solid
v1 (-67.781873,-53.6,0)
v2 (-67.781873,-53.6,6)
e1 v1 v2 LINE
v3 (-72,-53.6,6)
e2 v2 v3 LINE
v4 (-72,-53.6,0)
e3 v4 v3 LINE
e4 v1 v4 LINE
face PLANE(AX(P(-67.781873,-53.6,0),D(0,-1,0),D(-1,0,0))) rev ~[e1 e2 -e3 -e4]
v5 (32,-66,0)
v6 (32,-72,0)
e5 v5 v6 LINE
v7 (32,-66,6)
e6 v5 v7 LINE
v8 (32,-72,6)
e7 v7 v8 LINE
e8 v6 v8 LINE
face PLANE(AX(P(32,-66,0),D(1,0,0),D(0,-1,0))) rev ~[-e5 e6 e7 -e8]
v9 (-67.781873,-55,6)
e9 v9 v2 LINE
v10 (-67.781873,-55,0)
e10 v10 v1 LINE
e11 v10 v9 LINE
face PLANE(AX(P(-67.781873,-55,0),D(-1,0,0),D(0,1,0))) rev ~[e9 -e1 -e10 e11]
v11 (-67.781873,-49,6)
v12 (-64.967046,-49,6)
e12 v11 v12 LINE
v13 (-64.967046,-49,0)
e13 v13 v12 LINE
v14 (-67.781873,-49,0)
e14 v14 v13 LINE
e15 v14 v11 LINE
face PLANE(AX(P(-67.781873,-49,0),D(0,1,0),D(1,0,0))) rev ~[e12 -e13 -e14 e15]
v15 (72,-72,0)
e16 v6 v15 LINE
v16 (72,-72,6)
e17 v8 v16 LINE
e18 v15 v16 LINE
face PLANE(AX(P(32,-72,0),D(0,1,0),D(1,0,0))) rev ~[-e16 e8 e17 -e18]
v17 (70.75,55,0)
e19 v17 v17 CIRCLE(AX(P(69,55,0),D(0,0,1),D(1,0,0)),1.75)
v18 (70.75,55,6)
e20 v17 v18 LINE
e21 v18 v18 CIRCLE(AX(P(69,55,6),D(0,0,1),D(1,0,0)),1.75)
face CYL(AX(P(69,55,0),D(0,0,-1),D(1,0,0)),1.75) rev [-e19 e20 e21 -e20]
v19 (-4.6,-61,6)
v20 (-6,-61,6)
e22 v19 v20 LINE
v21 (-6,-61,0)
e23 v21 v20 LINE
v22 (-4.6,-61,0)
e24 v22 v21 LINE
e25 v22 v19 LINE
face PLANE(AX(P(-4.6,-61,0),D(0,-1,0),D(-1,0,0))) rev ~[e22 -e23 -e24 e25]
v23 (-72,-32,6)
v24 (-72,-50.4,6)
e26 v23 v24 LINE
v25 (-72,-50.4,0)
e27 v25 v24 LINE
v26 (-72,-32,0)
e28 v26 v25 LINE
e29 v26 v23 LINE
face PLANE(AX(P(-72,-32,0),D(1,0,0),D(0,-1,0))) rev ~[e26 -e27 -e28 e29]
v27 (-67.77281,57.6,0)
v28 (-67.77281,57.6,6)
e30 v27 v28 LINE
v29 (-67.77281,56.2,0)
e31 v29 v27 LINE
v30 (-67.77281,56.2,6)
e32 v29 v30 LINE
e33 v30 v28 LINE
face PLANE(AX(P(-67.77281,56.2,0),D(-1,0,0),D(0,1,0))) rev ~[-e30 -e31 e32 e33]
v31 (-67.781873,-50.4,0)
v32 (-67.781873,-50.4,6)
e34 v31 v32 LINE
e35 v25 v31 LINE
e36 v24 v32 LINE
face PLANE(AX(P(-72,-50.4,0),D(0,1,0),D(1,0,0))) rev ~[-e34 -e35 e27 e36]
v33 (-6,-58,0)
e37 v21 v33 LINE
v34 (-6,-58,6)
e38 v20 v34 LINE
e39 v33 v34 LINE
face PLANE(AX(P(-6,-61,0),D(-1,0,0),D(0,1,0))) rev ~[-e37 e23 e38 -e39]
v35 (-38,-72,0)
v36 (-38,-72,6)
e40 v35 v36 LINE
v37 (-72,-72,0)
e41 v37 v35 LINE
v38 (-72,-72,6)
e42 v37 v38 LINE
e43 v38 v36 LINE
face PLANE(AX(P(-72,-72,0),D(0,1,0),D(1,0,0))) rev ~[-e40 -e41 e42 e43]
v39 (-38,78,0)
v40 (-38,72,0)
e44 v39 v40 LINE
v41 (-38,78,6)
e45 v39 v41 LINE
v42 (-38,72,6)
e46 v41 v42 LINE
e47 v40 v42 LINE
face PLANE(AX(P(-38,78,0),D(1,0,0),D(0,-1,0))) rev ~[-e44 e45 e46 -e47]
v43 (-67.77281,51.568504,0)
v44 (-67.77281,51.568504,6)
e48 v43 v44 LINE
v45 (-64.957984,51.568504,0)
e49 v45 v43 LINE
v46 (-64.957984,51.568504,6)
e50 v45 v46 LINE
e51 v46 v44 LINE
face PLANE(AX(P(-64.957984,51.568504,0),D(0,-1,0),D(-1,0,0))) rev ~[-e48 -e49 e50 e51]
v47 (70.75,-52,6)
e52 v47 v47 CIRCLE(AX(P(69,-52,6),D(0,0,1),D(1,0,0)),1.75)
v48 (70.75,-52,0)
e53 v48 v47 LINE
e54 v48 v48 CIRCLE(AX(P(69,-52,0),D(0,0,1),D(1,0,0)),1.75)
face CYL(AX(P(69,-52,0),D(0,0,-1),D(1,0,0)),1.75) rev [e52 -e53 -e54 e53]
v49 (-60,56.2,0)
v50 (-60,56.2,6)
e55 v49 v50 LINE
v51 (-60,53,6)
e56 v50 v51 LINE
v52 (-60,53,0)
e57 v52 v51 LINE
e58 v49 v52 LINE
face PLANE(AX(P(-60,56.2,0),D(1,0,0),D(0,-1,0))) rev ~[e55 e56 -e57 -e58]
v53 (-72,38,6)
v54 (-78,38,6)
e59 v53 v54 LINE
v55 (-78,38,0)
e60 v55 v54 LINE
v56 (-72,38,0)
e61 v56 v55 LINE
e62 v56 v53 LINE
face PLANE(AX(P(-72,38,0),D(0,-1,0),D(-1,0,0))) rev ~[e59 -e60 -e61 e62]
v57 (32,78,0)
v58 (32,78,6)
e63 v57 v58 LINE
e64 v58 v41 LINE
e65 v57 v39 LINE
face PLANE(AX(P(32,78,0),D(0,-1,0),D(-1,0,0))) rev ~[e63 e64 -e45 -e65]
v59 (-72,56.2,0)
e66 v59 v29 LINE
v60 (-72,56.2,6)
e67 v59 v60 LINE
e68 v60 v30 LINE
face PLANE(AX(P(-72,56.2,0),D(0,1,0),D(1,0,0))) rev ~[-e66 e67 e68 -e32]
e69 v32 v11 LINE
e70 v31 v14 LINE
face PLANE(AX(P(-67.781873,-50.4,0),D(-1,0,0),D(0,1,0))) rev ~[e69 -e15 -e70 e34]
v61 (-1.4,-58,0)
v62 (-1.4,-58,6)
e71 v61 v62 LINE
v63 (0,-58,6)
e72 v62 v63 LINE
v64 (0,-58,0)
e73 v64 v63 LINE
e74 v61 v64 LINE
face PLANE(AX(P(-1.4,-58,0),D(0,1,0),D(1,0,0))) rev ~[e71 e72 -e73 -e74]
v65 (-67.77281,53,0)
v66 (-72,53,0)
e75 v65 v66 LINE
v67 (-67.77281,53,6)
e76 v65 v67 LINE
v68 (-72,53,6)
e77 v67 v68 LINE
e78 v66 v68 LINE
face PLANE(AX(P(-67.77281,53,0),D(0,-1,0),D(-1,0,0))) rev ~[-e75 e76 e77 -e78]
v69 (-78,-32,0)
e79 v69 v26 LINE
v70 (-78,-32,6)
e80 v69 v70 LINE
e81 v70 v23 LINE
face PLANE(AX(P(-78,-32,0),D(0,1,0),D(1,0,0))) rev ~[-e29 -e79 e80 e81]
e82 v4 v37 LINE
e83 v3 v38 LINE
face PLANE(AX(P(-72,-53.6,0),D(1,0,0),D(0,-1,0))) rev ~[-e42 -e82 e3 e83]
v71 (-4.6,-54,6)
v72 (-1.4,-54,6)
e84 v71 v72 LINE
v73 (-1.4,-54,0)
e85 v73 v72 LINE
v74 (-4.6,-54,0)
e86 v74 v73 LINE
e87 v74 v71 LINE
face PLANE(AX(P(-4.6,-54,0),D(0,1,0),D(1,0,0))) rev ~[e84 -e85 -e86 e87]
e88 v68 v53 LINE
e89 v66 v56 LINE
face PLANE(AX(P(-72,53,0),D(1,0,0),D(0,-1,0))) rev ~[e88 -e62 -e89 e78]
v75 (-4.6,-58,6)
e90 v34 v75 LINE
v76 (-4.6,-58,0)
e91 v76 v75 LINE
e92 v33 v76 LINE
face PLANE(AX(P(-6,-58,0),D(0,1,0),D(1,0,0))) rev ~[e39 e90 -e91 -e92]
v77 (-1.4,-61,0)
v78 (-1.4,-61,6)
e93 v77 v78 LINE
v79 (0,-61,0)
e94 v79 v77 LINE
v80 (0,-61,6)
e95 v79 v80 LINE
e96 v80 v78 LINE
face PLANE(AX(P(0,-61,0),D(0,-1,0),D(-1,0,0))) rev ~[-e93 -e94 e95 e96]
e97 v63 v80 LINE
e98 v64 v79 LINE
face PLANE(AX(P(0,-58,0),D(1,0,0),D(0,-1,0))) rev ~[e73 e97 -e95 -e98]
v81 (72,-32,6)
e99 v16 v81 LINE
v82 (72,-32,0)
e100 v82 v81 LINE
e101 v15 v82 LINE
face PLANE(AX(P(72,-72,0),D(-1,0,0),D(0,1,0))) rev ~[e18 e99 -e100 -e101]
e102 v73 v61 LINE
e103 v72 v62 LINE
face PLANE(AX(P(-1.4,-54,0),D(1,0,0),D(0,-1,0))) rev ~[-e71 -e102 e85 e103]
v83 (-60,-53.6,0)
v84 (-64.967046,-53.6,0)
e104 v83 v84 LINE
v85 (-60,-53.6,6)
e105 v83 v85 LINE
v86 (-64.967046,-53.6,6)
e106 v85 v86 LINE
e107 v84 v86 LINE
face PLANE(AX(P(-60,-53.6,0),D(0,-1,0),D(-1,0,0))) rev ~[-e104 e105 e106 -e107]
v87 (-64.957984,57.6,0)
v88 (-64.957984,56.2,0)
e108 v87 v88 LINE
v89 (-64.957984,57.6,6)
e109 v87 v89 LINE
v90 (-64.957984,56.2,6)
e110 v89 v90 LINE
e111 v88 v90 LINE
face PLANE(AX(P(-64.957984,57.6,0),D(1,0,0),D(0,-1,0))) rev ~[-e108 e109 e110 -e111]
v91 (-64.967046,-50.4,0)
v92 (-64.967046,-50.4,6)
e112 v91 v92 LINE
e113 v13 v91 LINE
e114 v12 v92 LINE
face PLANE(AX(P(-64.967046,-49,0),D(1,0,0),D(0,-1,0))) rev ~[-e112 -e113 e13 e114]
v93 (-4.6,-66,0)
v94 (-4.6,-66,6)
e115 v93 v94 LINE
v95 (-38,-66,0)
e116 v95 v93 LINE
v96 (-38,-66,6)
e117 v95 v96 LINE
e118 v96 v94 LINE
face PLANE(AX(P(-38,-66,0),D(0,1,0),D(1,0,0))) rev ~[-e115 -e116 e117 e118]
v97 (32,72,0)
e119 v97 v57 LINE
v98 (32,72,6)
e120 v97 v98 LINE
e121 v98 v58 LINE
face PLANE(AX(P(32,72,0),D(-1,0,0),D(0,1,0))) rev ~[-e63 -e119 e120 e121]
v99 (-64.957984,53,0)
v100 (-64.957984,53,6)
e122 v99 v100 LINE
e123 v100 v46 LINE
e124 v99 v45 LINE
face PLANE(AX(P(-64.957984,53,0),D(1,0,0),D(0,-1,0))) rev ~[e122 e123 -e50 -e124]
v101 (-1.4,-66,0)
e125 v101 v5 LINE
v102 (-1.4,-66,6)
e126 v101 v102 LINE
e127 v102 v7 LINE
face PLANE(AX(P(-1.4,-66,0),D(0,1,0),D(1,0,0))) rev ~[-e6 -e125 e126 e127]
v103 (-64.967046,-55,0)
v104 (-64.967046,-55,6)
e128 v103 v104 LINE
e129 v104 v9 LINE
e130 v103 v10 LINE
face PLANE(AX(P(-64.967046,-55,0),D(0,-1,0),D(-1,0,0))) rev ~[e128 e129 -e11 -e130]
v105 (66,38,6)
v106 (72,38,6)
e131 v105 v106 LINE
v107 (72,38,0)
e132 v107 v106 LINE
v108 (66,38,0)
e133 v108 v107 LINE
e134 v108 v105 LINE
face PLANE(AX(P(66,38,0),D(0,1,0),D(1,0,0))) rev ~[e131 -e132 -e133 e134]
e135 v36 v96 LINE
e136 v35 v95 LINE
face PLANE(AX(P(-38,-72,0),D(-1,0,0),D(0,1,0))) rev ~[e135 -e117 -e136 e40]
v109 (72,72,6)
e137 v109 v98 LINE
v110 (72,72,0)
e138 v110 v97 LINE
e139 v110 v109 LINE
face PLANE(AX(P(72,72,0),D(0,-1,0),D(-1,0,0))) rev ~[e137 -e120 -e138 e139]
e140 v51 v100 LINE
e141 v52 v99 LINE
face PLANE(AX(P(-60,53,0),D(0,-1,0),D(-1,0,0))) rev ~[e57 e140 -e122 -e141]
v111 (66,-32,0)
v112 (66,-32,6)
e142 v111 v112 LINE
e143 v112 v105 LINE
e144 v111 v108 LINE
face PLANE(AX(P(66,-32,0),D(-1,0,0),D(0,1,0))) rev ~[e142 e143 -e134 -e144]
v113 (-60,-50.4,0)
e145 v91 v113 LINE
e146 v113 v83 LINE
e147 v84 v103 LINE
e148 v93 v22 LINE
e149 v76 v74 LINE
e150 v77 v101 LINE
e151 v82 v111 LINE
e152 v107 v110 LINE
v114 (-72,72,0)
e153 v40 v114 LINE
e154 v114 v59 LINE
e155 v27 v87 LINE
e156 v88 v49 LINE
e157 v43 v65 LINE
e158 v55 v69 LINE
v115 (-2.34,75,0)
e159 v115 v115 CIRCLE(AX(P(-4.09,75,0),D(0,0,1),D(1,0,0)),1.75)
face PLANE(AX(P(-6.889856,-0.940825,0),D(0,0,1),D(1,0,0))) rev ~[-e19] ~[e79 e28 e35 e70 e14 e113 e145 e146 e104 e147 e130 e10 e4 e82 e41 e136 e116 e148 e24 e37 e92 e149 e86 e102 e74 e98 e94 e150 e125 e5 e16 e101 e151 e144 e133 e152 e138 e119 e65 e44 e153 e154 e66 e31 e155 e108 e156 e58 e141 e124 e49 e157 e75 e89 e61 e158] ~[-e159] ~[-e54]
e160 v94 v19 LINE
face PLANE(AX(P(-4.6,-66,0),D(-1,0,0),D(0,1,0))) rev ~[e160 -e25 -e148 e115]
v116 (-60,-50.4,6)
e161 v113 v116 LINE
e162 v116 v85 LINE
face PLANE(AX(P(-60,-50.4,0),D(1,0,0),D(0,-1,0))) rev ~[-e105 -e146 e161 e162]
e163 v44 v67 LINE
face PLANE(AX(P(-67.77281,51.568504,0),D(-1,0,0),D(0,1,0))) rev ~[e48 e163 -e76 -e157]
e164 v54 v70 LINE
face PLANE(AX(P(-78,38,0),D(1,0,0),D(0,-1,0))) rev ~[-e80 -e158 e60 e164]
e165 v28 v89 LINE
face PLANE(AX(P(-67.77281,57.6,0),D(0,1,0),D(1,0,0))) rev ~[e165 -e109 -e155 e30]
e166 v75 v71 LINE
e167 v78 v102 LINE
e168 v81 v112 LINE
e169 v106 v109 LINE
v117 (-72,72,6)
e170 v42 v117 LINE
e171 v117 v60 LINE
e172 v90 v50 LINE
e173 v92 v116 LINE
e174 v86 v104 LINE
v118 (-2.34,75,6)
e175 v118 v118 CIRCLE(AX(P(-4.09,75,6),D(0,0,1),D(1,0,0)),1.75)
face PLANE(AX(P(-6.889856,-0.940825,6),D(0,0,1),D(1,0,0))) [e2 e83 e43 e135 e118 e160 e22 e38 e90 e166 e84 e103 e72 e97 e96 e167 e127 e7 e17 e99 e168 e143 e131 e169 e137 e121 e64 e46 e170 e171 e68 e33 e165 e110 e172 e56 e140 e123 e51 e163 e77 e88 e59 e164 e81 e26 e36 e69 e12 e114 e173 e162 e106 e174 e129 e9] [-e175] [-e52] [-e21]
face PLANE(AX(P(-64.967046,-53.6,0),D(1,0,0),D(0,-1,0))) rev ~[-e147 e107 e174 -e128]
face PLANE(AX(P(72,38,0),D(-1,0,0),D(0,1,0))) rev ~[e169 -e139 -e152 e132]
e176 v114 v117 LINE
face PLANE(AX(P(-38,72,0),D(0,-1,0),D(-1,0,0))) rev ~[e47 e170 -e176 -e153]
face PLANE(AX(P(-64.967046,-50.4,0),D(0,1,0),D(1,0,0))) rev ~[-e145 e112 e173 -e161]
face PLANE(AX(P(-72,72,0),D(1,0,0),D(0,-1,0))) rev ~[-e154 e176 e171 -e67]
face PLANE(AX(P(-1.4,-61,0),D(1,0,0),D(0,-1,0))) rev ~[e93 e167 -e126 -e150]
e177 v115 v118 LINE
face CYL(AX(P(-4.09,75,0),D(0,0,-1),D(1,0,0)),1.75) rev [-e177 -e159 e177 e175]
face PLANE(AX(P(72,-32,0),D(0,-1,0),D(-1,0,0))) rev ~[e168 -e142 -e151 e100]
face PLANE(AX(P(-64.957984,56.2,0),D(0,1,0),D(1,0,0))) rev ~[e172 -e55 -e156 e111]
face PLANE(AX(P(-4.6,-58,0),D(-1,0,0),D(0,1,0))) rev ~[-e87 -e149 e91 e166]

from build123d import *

# Parameters (mm, degrees)
SKETCH1_R           = 1.75
BOSS_EXTRUDE2_DEPTH = 6


with BuildPart() as part:
    # Sketch1 → Boss-Extrude2 (new body)
    with BuildSketch(Plane.XY):
        Polygon((72, 72), (32, 72), (32, 78), (-38, 78), (-38, 72), (-72, 72), (-72, 56.2), (-67.772810154, 56.2), (-67.772810154, 57.6), (-64.957983727, 57.6), (-64.957983727, 56.2), (-60, 56.2), (-60, 53), (-64.957983727, 53), (-64.957983727, 51.568504207), (-67.772810154, 51.568504207), (-67.772810154, 53), (-72, 53), (-72, 38), (-78, 38), (-78, -32), (-72, -32), (-72, -50.4), (-67.78187279, -50.4), (-67.78187279, -49), (-64.967046362, -49), (-64.967046362, -50.4), (-60, -50.4), (-60, -53.6), (-64.967046362, -53.6), (-64.967046362, -55), (-67.78187279, -55), (-67.78187279, -53.6), (-72, -53.6), (-72, -72), (-38, -72), (-38, -66), (-4.6, -66), (-4.6, -61), (-6, -61), (-6, -58), (-4.6, -58), (-4.6, -54), (-1.4, -54), (-1.4, -58), (0, -58), (0, -61), (-1.4, -61), (-1.4, -66), (32, -66), (32, -72), (72, -72), (72, -32), (66, -32), (66, 38), (72, 38), align=None)
        with Locations((69, -52)):
            Circle(SKETCH1_R, mode=Mode.SUBTRACT)
        with Locations((69, 55)):
            Circle(SKETCH1_R, mode=Mode.SUBTRACT)
        with Locations((-4.09, 75)):
            Circle(SKETCH1_R, mode=Mode.SUBTRACT)
    extrude(amount=BOSS_EXTRUDE2_DEPTH)


solid = part.part
